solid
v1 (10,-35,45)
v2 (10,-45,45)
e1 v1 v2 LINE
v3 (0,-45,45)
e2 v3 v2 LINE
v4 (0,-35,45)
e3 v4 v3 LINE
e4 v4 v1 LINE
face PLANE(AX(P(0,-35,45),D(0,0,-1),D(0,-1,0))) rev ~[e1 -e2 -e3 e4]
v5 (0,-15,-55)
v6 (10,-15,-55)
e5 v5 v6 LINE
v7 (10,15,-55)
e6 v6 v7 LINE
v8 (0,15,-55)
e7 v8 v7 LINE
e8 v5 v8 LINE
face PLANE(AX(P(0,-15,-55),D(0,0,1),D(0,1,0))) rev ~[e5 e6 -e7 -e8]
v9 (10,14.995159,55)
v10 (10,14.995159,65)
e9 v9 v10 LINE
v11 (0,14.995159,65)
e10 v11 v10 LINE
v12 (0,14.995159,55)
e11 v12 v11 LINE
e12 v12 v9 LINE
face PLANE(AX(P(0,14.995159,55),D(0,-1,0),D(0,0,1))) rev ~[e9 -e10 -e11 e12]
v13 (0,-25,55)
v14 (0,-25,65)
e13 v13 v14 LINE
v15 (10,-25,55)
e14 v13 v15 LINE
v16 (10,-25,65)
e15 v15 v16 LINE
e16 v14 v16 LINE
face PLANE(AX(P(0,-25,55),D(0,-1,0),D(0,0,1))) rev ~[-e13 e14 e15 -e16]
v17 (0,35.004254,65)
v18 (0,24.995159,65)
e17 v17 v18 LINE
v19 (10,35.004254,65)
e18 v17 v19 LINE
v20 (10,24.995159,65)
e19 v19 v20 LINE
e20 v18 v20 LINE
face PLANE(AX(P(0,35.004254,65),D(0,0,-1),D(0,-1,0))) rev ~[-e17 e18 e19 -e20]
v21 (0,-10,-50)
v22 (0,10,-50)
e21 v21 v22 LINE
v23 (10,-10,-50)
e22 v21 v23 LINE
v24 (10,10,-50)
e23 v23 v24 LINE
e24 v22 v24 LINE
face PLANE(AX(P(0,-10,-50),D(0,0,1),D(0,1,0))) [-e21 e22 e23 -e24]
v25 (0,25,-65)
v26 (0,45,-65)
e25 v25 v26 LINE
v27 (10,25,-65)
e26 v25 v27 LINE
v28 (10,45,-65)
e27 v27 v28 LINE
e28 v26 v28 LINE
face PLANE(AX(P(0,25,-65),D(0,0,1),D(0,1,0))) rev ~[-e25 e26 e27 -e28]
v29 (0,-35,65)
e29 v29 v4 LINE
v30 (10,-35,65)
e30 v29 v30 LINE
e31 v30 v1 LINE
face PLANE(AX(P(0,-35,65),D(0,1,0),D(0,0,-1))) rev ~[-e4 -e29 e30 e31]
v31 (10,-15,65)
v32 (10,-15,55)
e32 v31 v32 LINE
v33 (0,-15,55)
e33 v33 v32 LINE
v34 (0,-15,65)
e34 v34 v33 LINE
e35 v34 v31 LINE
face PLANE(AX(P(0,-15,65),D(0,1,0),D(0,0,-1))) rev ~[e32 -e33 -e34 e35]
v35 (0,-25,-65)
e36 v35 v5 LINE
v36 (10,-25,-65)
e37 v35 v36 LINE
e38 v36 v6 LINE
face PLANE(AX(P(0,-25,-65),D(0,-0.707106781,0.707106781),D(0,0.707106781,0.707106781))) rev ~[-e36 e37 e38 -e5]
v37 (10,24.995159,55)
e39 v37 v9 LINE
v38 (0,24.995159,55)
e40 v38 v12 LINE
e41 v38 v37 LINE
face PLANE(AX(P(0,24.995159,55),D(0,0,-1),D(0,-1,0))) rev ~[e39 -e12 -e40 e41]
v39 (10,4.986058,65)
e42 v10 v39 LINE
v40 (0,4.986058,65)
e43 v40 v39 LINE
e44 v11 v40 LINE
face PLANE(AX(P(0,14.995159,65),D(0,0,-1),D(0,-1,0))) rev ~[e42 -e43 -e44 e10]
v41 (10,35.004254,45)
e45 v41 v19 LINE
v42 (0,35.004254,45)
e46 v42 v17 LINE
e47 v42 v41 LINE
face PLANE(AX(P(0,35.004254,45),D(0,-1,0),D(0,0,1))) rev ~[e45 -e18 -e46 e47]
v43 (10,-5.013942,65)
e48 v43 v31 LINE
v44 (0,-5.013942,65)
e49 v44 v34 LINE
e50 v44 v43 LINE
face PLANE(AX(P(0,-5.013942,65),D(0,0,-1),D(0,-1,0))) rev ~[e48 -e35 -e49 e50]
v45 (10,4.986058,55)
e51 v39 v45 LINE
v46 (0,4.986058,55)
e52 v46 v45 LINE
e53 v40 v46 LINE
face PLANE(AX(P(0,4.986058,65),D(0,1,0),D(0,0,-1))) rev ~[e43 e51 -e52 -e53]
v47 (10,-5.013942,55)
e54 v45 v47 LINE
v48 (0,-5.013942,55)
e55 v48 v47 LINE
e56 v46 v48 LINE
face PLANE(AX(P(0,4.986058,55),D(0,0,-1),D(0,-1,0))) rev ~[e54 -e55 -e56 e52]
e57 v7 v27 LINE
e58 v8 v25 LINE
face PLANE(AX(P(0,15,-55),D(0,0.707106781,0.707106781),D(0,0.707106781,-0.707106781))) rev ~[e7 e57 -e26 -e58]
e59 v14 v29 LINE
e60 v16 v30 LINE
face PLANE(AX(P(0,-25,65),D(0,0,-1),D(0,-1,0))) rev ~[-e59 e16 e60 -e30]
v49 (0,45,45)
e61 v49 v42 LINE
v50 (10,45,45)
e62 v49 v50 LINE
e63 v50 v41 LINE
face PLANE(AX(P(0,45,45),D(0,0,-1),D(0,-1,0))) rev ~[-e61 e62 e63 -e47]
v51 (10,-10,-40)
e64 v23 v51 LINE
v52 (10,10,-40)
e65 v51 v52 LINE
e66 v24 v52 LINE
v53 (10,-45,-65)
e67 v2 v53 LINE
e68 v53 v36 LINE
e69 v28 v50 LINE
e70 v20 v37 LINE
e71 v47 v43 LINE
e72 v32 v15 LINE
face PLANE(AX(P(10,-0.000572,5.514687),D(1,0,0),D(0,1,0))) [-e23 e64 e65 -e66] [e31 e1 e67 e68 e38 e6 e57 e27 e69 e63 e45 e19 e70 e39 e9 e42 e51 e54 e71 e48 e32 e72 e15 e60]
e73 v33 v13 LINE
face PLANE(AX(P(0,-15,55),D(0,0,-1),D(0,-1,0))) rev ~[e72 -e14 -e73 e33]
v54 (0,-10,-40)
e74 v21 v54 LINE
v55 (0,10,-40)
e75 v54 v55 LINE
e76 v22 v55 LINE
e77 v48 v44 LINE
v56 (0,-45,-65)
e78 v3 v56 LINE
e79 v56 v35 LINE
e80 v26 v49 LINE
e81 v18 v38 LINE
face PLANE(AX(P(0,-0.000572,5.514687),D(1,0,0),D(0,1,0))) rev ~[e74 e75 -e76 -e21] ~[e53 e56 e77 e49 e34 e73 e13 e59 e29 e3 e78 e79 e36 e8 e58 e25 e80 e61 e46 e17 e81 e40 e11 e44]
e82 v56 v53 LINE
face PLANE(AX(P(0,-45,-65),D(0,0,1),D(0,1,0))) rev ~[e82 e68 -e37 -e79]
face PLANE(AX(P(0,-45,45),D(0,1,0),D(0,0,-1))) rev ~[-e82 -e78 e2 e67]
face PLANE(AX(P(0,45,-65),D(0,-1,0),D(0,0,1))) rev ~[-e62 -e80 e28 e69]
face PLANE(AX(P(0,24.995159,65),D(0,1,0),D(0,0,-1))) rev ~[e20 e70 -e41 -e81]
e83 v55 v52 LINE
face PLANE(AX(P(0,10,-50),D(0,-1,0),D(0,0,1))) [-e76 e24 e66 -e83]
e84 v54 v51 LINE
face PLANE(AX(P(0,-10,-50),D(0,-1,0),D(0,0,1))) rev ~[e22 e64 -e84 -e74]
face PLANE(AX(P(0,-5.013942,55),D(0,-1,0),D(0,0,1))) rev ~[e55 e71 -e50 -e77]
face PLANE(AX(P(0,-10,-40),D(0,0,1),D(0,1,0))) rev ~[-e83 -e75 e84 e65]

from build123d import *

# Parameters (mm, degrees)
F0_W     = 20
F0_H     = 10
F1_DEPTH = 10


with BuildPart() as f1:
    # F0 (on Right) → F1 (new body)
    with BuildSketch(Plane.YZ):
        Polygon((25, -65), (45, -65), (45, 45), (35.004254, 45), (35.004254, 65), (24.995159, 65), (24.995159, 55), (14.995159, 55), (14.995159, 65), (4.986058, 65), (4.986058, 55), (-5.013942, 55), (-5.013942, 65), (-15, 65), (-15, 55), (-25, 55), (-25, 65), (-35, 65), (-35, 45), (-45, 45), (-45, -65), (-25, -65), (-15, -55), (15, -55), align=None)
        with Locations((0, -45)):
            Rectangle(F0_W, F0_H, mode=Mode.SUBTRACT)
    extrude(amount=F1_DEPTH)


solid = f1.part
